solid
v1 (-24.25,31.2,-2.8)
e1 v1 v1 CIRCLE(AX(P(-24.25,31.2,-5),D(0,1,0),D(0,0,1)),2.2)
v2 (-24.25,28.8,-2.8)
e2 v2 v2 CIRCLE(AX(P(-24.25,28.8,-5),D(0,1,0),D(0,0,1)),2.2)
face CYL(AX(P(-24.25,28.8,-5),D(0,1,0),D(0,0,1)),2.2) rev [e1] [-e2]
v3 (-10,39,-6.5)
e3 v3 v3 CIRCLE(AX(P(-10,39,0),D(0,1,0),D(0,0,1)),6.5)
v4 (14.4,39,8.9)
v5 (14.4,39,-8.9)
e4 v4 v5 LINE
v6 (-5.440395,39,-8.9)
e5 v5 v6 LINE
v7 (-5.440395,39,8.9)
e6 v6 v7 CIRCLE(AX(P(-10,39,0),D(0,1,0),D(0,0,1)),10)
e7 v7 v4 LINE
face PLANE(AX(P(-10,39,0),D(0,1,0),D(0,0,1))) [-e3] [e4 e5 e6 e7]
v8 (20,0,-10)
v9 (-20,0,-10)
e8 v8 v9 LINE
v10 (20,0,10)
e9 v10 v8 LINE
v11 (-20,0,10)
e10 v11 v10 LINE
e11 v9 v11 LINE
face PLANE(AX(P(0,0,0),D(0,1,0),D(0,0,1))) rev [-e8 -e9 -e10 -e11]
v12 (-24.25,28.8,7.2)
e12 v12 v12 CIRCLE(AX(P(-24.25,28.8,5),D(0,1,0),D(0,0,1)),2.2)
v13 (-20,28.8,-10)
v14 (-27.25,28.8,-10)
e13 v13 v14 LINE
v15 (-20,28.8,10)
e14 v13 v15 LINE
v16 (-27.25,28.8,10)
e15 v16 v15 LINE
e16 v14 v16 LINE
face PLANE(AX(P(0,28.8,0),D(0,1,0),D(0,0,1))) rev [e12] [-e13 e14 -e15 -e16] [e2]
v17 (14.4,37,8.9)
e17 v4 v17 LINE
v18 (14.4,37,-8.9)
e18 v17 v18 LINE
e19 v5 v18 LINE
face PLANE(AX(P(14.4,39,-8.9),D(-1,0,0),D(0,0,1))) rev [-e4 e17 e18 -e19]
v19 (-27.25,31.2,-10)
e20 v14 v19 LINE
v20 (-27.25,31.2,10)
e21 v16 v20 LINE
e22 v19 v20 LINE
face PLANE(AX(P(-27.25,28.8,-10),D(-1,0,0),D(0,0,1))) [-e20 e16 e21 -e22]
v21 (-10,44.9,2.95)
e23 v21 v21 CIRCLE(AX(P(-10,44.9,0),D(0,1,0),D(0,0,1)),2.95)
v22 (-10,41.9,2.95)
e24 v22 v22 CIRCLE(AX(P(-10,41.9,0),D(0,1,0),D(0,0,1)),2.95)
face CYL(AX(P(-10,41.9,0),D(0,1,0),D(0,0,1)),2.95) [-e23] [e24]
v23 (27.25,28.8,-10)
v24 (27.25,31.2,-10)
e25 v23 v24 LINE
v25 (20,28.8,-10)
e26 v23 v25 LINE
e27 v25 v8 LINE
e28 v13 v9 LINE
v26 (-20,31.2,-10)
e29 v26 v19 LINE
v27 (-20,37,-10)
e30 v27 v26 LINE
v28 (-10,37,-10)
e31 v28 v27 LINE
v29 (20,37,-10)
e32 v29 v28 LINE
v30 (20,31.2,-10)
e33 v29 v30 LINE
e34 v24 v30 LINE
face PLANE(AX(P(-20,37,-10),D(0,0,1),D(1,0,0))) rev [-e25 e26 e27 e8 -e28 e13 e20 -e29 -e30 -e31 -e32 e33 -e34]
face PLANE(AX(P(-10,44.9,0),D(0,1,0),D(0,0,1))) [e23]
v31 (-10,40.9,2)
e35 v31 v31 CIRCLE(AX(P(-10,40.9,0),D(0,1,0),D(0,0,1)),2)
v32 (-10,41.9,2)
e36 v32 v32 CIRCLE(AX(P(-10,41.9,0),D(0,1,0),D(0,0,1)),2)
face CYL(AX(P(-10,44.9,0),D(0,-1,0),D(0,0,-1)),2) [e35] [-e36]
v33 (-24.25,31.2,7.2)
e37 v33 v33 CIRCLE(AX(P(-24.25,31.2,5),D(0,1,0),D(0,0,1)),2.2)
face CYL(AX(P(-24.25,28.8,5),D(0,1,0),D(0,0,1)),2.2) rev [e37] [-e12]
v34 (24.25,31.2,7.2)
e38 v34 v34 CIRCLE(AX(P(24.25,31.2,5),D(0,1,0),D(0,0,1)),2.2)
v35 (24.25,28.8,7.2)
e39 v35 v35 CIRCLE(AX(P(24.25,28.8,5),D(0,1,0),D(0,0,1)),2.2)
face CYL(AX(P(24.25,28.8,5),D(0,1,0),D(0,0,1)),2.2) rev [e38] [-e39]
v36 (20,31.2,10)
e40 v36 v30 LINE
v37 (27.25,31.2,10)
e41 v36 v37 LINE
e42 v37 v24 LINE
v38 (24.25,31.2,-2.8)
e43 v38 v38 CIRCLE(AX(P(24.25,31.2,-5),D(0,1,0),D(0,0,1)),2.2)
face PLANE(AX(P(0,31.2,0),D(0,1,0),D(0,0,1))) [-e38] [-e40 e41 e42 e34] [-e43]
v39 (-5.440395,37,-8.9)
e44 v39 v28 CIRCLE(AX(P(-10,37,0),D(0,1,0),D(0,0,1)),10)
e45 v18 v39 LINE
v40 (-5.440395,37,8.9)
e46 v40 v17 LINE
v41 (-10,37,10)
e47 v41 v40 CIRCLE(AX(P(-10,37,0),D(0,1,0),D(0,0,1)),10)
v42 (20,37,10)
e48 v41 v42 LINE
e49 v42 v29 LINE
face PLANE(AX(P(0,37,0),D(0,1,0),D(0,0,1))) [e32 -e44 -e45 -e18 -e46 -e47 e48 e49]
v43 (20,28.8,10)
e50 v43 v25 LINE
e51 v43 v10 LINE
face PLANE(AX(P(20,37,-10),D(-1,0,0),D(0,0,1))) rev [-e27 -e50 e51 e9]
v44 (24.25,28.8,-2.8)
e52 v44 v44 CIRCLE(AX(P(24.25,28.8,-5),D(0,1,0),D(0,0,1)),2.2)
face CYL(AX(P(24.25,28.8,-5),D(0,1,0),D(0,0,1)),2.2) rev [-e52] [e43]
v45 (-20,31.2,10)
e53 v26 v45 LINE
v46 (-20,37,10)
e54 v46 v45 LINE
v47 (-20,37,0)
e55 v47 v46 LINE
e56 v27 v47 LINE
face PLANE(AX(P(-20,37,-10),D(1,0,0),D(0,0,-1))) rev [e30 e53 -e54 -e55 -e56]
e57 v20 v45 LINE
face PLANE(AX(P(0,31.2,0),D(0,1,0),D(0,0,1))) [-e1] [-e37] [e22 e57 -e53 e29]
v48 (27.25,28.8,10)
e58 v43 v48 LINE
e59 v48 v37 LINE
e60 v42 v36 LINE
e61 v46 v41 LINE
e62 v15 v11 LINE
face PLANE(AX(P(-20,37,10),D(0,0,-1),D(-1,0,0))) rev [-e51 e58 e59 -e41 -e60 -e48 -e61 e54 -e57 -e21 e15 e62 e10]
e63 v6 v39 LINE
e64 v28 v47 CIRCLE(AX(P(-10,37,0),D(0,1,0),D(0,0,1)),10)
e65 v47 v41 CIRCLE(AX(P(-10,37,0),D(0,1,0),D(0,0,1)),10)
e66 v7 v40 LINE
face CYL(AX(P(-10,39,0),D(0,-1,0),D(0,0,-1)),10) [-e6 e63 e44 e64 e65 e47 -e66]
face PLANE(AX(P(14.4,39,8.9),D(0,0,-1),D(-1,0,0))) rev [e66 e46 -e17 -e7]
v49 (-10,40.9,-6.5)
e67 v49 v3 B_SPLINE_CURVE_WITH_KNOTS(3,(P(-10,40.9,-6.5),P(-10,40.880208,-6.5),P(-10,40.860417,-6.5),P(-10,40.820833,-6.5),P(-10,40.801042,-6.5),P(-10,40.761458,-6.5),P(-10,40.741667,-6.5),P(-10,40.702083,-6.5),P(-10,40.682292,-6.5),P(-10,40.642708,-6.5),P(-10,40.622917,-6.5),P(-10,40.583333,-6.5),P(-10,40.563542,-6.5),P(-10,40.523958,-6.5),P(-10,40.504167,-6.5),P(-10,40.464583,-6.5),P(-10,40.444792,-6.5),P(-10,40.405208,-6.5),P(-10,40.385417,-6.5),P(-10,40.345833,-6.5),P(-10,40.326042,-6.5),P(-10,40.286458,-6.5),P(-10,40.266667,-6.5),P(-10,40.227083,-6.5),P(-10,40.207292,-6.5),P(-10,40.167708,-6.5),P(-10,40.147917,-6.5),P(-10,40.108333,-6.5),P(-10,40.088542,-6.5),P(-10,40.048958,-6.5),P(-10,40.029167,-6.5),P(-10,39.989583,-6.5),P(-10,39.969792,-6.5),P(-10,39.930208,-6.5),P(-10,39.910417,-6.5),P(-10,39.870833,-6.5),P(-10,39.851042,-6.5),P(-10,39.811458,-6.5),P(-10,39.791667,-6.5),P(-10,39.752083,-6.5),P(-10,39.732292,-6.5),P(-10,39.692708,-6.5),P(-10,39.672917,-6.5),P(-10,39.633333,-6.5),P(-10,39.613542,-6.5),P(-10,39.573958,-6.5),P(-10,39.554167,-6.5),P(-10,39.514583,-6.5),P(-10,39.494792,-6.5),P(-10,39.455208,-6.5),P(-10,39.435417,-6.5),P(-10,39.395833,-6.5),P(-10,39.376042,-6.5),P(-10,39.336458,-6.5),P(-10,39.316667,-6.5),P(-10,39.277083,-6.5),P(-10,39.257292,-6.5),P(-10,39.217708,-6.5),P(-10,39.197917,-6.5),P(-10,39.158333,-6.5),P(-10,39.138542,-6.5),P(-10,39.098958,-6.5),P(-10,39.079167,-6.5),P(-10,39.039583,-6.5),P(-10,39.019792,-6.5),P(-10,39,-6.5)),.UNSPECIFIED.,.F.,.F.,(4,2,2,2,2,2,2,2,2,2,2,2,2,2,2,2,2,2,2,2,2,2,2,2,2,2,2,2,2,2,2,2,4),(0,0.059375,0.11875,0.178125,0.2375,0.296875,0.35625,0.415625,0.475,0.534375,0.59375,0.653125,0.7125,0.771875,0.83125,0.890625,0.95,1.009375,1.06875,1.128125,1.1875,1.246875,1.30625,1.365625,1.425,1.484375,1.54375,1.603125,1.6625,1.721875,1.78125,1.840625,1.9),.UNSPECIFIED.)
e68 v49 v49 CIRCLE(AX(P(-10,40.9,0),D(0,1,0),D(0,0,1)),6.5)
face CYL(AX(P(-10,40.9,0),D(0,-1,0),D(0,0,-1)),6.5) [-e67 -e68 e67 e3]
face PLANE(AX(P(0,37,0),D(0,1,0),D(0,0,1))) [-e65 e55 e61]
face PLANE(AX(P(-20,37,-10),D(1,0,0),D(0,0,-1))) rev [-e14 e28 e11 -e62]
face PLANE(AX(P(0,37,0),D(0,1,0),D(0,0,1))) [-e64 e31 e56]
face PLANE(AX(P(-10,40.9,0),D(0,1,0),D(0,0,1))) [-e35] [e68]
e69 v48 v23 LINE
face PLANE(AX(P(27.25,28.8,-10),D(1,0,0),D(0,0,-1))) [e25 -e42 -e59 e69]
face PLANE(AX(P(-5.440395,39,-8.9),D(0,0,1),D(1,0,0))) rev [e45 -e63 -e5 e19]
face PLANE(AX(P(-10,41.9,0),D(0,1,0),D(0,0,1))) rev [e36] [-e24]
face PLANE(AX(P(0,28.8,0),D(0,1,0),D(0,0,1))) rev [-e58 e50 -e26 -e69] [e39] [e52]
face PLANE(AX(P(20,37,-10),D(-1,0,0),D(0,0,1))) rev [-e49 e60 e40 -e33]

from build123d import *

# Parameters (mm, degrees)
SKETCH_1_W      = 40
SKETCH_1_H      = 20
EXTRUDE_1_DEPTH = 37
EXTRUDE_START   = -5.8
SKETCH_2_W      = 54.5
SKETCH_2_H      = 20
SKETCH_2_R      = 2.2
EXTRUDE_2_DEPTH = 2.4
EXTRUDE_3_DEPTH = 2
SKETCH_4_R      = 6.5
EXTRUDE_4_DEPTH = 1.9
SKETCH_5_R      = 2
EXTRUDE_5_DEPTH = 4
SKETCH_6_R      = 2.95
EXTRUDE_6_DEPTH = 3


with BuildPart() as part:
    # 草图1 → 凸台-拉伸1 (new body)
    with BuildSketch(Plane(origin=(0, 0, 0), x_dir=(1, 0, 0), z_dir=(0, 1, 0))):
        Rectangle(SKETCH_1_W, SKETCH_1_H)
    extrude(amount=EXTRUDE_1_DEPTH)

    # 草图2 → 凸台-拉伸2 (add)
    with BuildSketch(Plane(origin=(0, 37, 0), x_dir=(1, 0, 0), z_dir=(0, 1, 0)).offset(EXTRUDE_START)):
        Rectangle(SKETCH_2_W, SKETCH_2_H)
        with Locations(Location((24.25, 5, 0), (0, 0, 270))):
            Circle(SKETCH_2_R, mode=Mode.SUBTRACT)
        with Locations(Location((24.25, -5, 0), (0, 0, 270))):
            Circle(SKETCH_2_R, mode=Mode.SUBTRACT)
        with Locations(Location((-24.25, 5, 0), (0, 0, 270))):
            Circle(SKETCH_2_R, mode=Mode.SUBTRACT)
        with Locations(Location((-24.25, -5, 0), (0, 0, 270))):
            Circle(SKETCH_2_R, mode=Mode.SUBTRACT)
    extrude(amount=-EXTRUDE_2_DEPTH)

    # 草图3 → 凸台-拉伸3 (add)
    with BuildSketch(Plane(origin=(0, 37, 0), x_dir=(1, 0, 0), z_dir=(0, 1, 0))):
        with BuildLine():
            Line((-5.440394754, 8.9), (14.4, 8.9))
            Line((14.4, 8.9), (14.4, -8.9))
            Line((14.4, -8.9), (-5.440394754, -8.9))
            ThreePointArc((-5.440394754, -8.9), (-20, 0), (-5.440394754, 8.9))
        make_face()
    extrude(amount=EXTRUDE_3_DEPTH)

    # 草图4 → 凸台-拉伸4 (add)
    with BuildSketch(Plane(origin=(0, 39, 0), x_dir=(1, 0, 0), z_dir=(0, 1, 0))):
        with Locations(Location((-10, 0, 0), (0, 0, 90))):
            Circle(SKETCH_4_R)
    extrude(amount=EXTRUDE_4_DEPTH)

    # 草图5 → 凸台-拉伸5 (add)
    with BuildSketch(Plane(origin=(0, 40.9, 0), x_dir=(1, 0, 0), z_dir=(0, 1, 0))):
        with Locations(Location((-10, 0, 0), (0, 0, 270))):
            Circle(SKETCH_5_R)
    extrude(amount=EXTRUDE_5_DEPTH)

    # 草图6 → 凸台-拉伸6 (add)
    with BuildSketch(Plane(origin=(0, 44.9, 0), x_dir=(1, 0, 0), z_dir=(0, 1, 0))):
        with Locations(Location((-10, 0, 0), (0, 0, 270))):
            Circle(SKETCH_6_R)
    extrude(amount=-EXTRUDE_6_DEPTH)


solid = part.part
